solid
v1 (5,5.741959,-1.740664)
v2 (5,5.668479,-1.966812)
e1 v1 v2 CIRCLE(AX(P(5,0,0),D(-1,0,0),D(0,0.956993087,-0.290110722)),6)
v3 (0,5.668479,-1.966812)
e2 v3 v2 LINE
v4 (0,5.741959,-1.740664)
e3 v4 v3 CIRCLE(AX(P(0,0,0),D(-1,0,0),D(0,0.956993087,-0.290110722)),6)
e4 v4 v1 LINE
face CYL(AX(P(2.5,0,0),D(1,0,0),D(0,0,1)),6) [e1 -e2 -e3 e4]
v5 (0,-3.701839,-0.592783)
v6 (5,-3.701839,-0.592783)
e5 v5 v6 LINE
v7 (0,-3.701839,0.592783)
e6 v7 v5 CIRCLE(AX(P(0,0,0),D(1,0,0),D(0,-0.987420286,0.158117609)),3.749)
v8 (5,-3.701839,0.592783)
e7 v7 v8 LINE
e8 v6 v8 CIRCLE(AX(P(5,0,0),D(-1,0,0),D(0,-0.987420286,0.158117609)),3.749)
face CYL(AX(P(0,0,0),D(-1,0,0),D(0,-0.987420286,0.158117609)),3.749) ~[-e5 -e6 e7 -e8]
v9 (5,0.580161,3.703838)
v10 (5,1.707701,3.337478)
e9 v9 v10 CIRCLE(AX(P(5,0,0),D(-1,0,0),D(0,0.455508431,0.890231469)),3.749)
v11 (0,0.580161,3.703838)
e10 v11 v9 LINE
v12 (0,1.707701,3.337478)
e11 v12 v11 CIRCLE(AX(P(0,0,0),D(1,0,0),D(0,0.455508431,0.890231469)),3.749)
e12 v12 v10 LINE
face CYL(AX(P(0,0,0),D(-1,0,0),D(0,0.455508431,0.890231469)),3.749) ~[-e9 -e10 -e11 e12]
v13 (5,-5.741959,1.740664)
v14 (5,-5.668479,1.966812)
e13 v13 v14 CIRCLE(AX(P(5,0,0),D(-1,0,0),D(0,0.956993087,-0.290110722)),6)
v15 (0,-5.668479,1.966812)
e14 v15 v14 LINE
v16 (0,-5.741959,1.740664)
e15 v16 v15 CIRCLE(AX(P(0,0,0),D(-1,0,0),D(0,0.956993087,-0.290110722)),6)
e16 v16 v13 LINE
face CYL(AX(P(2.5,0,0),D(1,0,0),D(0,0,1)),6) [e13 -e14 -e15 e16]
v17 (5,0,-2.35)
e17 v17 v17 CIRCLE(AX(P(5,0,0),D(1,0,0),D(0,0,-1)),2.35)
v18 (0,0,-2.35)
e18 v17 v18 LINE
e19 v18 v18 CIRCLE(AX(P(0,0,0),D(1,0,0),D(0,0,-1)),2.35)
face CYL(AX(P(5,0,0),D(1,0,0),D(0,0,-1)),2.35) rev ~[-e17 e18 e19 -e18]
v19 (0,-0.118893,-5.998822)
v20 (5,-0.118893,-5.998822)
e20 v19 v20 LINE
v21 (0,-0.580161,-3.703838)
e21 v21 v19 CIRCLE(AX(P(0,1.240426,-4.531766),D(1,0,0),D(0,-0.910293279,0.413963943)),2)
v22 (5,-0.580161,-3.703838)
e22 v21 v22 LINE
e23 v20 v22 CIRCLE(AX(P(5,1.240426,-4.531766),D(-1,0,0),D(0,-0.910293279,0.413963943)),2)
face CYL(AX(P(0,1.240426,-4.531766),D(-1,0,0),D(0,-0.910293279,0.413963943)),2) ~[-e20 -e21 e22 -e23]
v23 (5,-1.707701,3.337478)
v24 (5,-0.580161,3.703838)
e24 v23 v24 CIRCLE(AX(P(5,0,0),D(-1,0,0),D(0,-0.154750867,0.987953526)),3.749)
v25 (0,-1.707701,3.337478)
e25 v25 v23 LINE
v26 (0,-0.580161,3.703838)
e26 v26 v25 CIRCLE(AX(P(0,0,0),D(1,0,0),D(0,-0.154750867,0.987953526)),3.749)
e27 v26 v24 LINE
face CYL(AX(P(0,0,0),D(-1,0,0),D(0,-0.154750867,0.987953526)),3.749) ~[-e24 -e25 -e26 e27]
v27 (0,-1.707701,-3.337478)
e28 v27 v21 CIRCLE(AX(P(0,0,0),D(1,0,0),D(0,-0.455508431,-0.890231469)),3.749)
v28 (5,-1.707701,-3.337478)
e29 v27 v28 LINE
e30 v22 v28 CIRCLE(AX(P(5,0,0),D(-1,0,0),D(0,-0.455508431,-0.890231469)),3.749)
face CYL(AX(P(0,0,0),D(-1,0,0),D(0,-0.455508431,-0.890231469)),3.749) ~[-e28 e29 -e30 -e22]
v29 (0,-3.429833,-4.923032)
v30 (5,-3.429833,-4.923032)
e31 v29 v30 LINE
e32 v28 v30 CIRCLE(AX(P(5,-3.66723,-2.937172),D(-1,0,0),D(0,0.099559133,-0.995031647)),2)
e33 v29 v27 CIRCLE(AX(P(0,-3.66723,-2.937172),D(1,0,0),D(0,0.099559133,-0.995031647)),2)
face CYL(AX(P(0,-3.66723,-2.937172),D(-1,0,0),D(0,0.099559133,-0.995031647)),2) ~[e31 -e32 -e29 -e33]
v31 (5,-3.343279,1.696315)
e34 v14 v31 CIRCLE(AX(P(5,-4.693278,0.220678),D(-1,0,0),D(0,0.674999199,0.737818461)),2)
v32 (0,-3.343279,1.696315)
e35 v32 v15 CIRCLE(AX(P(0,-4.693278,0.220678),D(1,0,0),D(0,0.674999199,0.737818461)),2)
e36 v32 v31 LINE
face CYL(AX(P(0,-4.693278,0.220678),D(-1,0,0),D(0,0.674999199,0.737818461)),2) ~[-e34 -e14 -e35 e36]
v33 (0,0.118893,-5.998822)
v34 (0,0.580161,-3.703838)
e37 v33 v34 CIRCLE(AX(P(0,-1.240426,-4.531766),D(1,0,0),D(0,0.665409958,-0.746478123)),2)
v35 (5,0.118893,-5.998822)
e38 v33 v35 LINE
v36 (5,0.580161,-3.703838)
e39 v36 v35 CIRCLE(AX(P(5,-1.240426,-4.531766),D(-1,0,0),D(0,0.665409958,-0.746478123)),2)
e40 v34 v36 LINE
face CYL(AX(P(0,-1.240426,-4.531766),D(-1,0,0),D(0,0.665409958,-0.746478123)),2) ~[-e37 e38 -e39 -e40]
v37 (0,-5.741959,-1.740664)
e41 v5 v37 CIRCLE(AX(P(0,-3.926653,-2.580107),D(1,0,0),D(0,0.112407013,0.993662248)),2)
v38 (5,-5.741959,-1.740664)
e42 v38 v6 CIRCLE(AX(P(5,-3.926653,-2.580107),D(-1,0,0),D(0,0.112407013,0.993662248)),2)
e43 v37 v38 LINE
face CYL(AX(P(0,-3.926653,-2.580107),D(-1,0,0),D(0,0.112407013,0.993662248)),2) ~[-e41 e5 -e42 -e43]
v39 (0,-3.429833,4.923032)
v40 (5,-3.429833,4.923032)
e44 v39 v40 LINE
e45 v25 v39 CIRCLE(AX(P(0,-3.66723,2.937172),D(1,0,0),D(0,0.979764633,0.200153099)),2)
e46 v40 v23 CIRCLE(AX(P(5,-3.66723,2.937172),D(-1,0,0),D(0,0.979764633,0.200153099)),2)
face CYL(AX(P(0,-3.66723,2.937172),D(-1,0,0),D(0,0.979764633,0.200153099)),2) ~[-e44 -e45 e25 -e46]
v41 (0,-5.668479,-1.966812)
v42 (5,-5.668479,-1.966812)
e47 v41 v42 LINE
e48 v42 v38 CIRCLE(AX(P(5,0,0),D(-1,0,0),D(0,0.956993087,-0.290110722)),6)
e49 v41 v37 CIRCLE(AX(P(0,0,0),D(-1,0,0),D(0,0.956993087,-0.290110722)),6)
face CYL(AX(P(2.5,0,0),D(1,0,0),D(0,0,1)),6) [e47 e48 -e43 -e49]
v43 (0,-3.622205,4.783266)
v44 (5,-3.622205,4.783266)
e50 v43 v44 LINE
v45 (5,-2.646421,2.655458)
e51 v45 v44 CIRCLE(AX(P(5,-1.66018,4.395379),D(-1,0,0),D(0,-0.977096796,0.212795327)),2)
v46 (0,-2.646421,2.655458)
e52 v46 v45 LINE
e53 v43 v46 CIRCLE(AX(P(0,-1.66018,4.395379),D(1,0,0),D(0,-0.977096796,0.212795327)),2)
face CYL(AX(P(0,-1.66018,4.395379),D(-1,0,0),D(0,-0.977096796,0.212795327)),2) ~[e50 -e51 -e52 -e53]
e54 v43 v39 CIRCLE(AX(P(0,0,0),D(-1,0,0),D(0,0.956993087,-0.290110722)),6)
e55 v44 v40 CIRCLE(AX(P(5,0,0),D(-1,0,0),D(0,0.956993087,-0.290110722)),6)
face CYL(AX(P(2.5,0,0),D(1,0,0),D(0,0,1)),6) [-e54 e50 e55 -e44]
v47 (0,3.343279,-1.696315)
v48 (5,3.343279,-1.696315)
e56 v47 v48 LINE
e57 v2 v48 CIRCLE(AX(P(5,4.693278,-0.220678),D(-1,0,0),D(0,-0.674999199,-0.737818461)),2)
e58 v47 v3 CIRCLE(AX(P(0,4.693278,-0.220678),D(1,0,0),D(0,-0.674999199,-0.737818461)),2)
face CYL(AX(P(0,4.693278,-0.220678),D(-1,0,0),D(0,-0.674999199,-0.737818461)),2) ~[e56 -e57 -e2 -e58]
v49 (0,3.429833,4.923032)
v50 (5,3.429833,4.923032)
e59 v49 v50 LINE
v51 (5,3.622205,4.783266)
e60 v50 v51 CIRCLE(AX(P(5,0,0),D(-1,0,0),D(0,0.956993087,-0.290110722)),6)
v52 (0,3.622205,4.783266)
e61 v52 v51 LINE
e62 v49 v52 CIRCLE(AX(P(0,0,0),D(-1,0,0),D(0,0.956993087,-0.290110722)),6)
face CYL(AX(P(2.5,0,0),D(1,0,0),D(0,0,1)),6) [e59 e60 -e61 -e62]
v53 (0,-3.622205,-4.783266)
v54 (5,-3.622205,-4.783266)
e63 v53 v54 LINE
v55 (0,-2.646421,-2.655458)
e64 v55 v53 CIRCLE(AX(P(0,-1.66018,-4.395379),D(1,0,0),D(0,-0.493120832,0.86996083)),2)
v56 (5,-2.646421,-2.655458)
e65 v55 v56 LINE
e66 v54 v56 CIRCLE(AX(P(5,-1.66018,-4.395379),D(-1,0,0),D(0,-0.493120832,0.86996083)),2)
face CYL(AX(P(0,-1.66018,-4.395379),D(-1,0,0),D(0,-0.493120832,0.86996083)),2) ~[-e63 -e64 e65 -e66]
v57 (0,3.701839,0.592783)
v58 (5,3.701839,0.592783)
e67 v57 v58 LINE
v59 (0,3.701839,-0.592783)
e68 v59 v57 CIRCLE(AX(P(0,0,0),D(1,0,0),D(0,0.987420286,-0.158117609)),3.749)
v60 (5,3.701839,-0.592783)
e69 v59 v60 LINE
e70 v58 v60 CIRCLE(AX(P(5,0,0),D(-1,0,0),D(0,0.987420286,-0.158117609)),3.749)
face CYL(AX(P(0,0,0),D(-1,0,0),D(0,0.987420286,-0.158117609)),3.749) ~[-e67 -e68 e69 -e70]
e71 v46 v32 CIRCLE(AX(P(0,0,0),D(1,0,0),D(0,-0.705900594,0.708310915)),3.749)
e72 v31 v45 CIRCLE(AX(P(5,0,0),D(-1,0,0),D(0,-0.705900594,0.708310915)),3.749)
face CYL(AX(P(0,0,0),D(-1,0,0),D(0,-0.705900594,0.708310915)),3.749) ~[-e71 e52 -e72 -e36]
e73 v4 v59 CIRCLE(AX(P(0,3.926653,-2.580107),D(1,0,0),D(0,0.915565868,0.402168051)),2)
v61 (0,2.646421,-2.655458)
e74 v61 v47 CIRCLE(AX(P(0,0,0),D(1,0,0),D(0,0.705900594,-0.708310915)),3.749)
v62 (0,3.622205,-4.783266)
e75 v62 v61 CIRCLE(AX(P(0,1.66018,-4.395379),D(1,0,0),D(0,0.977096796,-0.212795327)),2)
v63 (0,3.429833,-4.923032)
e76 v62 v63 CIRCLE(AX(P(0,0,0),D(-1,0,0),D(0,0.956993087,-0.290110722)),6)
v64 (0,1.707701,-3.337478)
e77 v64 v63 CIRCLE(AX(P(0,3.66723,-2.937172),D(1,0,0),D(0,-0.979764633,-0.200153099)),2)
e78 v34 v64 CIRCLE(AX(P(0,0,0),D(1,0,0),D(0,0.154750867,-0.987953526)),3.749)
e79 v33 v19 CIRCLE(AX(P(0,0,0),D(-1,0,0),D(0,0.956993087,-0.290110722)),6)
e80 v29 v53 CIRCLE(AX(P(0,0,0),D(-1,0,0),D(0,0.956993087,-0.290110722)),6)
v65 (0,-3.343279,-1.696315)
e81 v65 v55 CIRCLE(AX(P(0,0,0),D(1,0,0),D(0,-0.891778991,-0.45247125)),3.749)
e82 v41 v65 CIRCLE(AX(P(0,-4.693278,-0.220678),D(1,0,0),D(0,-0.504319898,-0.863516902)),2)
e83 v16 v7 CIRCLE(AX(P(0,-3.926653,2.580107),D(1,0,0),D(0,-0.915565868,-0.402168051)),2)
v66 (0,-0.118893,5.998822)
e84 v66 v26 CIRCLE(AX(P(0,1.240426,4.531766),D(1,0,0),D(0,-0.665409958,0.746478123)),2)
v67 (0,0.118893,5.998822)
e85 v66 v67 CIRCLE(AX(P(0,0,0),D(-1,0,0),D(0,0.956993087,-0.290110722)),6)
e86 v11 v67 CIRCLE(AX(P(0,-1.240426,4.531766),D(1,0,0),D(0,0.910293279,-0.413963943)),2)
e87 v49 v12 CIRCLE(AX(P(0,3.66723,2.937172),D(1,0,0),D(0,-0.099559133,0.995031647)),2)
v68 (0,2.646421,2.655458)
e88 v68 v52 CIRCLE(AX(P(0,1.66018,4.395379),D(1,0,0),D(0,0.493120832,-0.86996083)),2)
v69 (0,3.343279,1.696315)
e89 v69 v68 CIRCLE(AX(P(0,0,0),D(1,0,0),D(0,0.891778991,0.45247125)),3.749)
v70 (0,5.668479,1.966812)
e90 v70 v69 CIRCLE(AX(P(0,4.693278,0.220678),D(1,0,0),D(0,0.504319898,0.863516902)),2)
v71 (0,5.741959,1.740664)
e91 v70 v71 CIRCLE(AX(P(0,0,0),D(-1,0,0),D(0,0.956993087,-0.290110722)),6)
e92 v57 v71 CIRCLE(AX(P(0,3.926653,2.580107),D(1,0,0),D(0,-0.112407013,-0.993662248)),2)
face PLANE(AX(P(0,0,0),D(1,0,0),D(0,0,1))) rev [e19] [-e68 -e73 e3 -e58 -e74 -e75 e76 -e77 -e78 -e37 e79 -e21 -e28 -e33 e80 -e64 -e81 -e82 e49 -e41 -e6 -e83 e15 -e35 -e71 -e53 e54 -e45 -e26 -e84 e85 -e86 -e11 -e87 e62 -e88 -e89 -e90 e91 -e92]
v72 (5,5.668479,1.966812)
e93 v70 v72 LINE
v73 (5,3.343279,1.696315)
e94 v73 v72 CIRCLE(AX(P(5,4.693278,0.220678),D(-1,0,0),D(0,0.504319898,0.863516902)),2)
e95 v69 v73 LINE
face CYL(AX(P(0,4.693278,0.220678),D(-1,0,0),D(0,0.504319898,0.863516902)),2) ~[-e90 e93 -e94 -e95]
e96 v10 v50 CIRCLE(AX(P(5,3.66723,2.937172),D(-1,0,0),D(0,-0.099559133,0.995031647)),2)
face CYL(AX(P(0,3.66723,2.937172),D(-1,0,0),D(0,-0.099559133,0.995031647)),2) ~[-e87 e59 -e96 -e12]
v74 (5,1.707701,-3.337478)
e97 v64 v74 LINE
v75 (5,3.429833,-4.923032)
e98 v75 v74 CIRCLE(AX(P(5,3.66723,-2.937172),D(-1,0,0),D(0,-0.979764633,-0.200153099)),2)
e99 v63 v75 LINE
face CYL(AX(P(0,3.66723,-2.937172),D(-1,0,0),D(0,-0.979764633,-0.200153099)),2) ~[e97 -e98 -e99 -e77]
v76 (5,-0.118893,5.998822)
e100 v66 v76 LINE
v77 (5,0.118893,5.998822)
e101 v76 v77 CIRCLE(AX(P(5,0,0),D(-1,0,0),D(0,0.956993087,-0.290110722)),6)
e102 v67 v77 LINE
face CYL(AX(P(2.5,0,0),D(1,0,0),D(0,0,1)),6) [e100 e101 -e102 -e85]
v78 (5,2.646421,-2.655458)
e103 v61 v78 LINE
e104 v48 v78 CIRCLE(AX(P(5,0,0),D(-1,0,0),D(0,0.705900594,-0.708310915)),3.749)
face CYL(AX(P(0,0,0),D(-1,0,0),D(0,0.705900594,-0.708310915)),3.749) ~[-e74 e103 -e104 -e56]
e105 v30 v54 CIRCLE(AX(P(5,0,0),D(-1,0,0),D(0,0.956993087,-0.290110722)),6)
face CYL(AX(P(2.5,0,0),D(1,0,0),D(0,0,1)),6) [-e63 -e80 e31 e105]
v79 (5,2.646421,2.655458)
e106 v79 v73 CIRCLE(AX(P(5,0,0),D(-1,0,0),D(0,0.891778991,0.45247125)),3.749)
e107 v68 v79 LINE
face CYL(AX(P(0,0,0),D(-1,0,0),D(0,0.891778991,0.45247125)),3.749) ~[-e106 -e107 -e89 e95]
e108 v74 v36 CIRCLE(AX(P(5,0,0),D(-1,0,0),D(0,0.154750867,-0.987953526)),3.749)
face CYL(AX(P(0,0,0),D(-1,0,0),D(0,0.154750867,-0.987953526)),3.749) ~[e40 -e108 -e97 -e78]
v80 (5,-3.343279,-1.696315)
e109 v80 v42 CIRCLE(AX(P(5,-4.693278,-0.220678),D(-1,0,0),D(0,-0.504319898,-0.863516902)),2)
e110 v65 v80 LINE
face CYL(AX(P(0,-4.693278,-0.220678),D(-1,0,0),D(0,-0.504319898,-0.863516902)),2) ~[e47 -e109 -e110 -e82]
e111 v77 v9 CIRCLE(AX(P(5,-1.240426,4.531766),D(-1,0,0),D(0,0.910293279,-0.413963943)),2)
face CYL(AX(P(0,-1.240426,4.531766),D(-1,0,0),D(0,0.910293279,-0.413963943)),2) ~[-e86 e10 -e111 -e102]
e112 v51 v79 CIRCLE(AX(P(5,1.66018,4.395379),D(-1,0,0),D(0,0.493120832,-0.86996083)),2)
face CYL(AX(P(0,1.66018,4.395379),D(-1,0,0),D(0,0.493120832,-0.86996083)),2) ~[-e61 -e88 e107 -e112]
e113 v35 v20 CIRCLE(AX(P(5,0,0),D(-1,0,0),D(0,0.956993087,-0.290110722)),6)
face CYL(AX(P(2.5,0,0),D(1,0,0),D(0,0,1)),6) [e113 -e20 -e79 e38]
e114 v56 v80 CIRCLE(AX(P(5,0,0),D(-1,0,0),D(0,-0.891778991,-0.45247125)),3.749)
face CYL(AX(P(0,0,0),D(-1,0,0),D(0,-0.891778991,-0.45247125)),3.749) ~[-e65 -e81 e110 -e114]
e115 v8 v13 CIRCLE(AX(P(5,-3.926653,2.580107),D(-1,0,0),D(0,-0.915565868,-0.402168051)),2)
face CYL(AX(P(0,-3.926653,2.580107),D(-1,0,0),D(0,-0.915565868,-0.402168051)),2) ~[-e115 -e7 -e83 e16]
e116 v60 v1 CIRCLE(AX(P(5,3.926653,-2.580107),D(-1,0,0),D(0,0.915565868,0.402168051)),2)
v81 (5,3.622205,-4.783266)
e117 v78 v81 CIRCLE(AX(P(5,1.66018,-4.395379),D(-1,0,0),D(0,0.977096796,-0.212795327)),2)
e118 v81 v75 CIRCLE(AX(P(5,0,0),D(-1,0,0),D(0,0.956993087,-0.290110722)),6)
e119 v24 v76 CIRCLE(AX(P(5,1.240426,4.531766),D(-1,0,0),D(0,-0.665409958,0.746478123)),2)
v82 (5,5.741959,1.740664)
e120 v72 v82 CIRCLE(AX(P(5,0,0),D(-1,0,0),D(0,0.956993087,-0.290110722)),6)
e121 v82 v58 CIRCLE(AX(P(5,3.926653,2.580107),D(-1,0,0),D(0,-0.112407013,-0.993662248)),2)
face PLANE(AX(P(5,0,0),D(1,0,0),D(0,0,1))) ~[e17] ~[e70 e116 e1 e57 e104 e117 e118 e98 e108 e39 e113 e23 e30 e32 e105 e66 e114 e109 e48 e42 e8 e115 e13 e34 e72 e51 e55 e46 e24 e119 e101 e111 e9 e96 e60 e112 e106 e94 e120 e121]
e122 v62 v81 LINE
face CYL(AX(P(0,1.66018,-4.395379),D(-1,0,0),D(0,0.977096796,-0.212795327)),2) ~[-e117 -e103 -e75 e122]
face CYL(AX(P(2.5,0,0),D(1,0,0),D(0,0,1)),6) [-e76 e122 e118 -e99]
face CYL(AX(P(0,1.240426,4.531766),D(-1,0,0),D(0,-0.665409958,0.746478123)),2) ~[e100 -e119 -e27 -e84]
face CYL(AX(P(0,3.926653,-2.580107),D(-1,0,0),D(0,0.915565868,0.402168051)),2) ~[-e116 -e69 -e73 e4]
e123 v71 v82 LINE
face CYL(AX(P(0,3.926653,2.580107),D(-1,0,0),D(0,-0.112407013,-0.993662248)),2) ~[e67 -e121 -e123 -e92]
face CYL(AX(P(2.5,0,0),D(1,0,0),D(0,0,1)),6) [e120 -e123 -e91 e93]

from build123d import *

# Parameters (mm, degrees)
BASPROSKE_W        = 5
BASPROSKE_H        = 6
TOOTHCUT_DEPTH     = 10.848857802
TEETHCUTS_COUNT    = 10
TEETHCUTS_ANGLE    = 324
BORSKE_R           = 0.4
BORE_DEPTH         = 50.0000508
SKETCH1_R          = 2.35
CUT_EXTRUDE1_DEPTH = 10.693816982


with BuildPart() as part:
    # BasProSke → Base-Revolve (revolve)
    with BuildSketch(Plane(origin=(0, 0, 0), x_dir=(1, 0, 0), z_dir=(0, 1, 0)), mode=Mode.PRIVATE) as base_revolve_sk:
        with Locations((2.5, 3)):
            Rectangle(BASPROSKE_W, BASPROSKE_H)
    revolve(base_revolve_sk.sketch.rotate(Axis((-10, 0, 0), (1, 0, 0)), 180), axis=Axis((-10, 0, 0), (1, 0, 0)))

    # TooCutSke → ToothCut (cut, through all)
    with BuildSketch(Plane(origin=(0, 0, 0), x_dir=(0, 0, -1), z_dir=(1, 0, 0))):
        with BuildLine():
            ThreePointArc((0.59278292, 3.701838653), (0, 3.749), (-0.59278292, 3.701838653))
            ThreePointArc((-0.59278292, 3.701838653), (-0.846593509, 4.924114224), (-1.775771316, 5.757784417))
            ThreePointArc((-1.775771316, 5.757784417), (0, 6.0254), (1.775771316, 5.757784417))
            ThreePointArc((1.775771316, 5.757784417), (0.846593509, 4.924114224), (0.59278292, 3.701838653))
        make_face()
    toothcut = extrude(amount=TOOTHCUT_DEPTH, mode=Mode.SUBTRACT)

    # TeethCuts: ToothCut ×10 about axis
    teethcuts_axis = Axis((-10, 0, 0), (1, 0, 0))
    for i in range(1, TEETHCUTS_COUNT):
        add(toothcut.rotate(teethcuts_axis, i * TEETHCUTS_ANGLE / (TEETHCUTS_COUNT - 1)), mode=Mode.SUBTRACT)

    # BorSke → Bore (cut, symmetric)
    with BuildSketch(Plane(origin=(0, 0, 0), x_dir=(0, 0, -1), z_dir=(1, 0, 0))):
        with Locations(Location((0, 0, 0), (0, 0, 180))):
            Circle(BORSKE_R)
    extrude(amount=BORE_DEPTH, both=True, mode=Mode.SUBTRACT)

    # Sketch1 → Cut-Extrude1 (cut, through all)
    with BuildSketch(Plane(origin=(5, 0, 0), x_dir=(0, 0, -1), z_dir=(1, 0, 0))):
        Circle(SKETCH1_R)
    extrude(amount=-CUT_EXTRUDE1_DEPTH, mode=Mode.SUBTRACT)


solid = part.part
